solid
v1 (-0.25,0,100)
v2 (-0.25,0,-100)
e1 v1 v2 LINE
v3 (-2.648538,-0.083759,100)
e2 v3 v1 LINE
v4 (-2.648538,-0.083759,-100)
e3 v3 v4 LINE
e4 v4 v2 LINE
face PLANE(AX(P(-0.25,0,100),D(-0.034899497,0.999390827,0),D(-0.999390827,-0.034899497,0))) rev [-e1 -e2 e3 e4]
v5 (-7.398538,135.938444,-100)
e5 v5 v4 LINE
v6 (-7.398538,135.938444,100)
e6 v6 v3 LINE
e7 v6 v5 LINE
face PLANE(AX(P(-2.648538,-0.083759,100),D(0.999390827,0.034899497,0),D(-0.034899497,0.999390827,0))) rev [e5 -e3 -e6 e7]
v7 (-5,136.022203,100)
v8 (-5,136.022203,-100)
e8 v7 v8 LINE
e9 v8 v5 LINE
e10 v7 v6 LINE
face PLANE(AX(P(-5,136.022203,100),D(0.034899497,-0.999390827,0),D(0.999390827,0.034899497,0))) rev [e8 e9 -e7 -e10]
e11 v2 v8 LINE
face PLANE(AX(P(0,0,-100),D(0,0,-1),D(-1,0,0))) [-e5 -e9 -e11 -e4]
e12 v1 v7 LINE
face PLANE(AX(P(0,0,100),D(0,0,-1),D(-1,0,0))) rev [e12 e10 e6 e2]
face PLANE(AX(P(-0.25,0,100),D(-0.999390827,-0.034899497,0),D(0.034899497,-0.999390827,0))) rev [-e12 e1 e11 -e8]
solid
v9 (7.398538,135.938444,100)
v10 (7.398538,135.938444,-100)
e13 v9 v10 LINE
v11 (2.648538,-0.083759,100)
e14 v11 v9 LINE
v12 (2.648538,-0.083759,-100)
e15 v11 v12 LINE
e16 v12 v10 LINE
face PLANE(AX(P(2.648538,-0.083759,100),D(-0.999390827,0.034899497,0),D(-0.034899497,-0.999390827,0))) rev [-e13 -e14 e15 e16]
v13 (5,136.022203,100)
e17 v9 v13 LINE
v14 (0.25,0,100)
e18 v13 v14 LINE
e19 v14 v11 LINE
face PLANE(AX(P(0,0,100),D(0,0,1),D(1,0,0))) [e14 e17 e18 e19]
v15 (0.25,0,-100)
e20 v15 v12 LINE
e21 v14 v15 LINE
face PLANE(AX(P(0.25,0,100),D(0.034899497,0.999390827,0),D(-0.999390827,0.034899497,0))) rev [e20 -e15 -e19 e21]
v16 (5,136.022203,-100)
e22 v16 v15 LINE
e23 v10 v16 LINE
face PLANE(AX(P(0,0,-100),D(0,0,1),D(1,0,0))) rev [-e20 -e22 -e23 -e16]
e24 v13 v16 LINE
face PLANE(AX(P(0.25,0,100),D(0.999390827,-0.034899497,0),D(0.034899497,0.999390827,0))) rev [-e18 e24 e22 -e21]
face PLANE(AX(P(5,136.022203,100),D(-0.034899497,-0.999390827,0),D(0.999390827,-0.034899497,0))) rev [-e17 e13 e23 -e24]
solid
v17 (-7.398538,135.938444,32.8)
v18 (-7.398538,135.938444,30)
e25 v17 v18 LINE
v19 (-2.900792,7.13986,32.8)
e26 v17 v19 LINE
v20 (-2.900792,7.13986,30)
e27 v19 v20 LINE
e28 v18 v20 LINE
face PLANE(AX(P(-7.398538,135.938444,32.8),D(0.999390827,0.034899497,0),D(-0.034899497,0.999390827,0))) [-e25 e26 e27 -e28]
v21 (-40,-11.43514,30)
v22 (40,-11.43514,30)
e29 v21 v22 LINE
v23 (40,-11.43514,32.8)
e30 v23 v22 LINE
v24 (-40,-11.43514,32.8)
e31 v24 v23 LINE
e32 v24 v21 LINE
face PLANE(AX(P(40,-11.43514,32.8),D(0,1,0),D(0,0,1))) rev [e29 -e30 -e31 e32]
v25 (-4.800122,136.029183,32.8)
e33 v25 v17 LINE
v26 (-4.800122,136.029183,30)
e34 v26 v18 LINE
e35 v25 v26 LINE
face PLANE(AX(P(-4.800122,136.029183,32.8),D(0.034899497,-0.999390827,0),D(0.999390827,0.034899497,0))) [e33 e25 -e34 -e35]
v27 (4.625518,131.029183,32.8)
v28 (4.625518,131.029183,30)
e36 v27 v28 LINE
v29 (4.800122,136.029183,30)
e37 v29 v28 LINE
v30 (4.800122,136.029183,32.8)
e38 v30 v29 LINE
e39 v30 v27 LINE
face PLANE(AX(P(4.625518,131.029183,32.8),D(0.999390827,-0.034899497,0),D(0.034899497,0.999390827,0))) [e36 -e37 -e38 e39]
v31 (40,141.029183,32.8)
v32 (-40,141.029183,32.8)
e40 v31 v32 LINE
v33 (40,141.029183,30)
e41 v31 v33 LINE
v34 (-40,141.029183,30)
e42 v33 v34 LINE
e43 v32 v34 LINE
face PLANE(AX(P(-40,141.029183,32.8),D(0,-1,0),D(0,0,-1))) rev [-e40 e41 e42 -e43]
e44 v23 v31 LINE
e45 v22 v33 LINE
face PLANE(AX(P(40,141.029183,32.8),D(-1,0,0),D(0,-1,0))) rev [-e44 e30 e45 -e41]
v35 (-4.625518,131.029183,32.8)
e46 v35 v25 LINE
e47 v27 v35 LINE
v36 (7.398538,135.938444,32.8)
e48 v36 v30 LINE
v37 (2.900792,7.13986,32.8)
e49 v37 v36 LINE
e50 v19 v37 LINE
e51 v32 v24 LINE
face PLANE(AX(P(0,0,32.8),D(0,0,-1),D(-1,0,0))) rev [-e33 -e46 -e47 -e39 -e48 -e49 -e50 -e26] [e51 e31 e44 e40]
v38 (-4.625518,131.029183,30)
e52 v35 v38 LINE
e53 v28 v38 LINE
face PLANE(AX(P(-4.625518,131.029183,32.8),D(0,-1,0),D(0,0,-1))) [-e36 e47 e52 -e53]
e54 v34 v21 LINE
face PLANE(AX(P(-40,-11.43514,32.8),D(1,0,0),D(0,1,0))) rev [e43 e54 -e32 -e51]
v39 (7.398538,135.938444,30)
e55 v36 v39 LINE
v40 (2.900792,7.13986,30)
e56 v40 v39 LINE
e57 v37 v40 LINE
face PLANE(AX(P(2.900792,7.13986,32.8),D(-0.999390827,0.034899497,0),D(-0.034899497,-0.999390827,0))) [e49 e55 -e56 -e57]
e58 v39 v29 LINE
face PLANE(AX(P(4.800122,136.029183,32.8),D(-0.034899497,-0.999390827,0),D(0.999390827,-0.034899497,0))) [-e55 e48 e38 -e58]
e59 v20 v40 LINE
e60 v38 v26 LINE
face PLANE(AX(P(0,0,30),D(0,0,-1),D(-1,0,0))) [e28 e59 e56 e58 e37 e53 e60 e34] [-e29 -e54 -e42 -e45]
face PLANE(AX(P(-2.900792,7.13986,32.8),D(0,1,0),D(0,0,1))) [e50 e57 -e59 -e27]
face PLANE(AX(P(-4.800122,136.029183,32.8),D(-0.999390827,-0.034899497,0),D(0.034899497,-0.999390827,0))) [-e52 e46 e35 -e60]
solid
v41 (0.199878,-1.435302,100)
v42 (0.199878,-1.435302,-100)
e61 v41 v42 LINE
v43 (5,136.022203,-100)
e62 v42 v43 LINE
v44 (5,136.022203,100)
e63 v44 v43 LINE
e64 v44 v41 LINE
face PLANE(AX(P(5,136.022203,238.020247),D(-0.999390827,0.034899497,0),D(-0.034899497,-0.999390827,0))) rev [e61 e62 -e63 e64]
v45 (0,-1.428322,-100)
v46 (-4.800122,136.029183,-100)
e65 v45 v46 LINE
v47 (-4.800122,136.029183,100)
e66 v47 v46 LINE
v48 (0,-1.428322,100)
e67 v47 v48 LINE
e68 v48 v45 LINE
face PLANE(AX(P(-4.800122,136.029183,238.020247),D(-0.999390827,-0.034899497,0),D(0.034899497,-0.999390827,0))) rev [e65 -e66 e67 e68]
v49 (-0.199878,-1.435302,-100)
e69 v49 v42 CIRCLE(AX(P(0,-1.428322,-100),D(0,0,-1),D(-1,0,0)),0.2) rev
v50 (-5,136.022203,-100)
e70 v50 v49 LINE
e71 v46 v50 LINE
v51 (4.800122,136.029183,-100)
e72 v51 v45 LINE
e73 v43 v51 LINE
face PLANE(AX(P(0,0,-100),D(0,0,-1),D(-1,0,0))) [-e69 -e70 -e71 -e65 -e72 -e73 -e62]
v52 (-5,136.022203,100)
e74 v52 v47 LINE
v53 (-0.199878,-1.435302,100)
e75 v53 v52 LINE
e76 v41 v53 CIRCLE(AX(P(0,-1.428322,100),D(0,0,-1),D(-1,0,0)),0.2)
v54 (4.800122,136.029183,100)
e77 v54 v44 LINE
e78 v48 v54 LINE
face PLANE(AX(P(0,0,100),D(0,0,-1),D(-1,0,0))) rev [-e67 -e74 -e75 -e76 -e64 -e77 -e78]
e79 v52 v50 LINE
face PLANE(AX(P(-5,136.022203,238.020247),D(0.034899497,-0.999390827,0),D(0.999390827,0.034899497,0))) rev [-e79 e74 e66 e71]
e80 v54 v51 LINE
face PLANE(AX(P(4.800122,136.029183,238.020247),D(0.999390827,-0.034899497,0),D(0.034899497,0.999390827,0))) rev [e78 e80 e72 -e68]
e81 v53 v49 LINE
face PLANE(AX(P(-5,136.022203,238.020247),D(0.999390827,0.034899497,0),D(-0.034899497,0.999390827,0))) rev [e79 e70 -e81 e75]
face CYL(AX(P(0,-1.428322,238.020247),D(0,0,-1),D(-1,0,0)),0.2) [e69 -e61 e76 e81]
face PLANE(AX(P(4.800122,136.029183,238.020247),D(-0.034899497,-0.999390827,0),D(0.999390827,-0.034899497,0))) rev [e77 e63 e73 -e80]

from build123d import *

# Parameters (mm, degrees)
BOSS_EXTRUDE1_DEPTH             = 100
BOSS_EXTRUDE1_2_DEPTH           = 100
BOSS_EXTRUDE2_REACH             = 170.988
BOSS_EXTRUDE2_DIRECTION_2_REACH = 170.988
SKETCH5_W                       = 80
SKETCH5_H                       = 152.464323179
BOSS_EXTRUDE3_DEPTH             = 2.8


with BuildPart() as part:
    # Sketch2 → Boss-Extrude1 (new, symmetric)
    with BuildSketch(Plane.XY):
        Polygon((-0.25, 0), (-5, 136.022203094), (-7.398537985, 135.938444302), (-2.648537985, -0.083758792), align=None)
    extrude(amount=BOSS_EXTRUDE1_DEPTH, both=True)


with BuildPart() as body_2:
    # Sketch2 → Boss-Extrude1 2 (new, symmetric)
    with BuildSketch(Plane.XY):
        Polygon((0.25, 0), (5, 136.022203094), (7.398537985, 135.938444302), (2.648537985, -0.083758792), align=None)
    extrude(amount=BOSS_EXTRUDE1_2_DEPTH, both=True)


with BuildPart() as body_3:

    # Boss-Extrude2: up to this face of the body (flat: up to its plane)
    boss_extrude2_end = Plane(part.part.faces().sort_by_distance((-3.824268992, 67.969222151, 100))[0])
    # Sketch4 → Boss-Extrude2 (new, up to the picked face)
    with BuildSketch(Plane.XY, mode=Mode.PRIVATE) as boss_extrude2_sk1:
        with BuildLine():
            Line((-5, 136.022203094), (-0.199878165, -1.43530155))
            ThreePointArc((-0.199878165, -1.43530155), (0, -1.628321651), (0.199878165, -1.43530155))
            Line((0.199878165, -1.43530155), (5, 136.022203094))
            Line((5, 136.022203094), (4.800121835, 136.029182993))
            Line((4.800121835, 136.029182993), (0, -1.428321651))
            Line((0, -1.428321651), (-4.800121835, 136.029182993))
            Line((-4.800121835, 136.029182993), (-5, 136.022203094))
        make_face()
    boss_extrude2_tool1 = split(extrude(boss_extrude2_sk1.sketch, amount=BOSS_EXTRUDE2_REACH, mode=Mode.PRIVATE), bisect_by=boss_extrude2_end, keep=Keep.BOTH, mode=Mode.PRIVATE)
    add(boss_extrude2_tool1.solids().sort_by(Axis((2.462003, 67.298268, 0), (0, 0, 1)))[0])


    # Boss-Extrude2 direction 2: up to this face of the body (flat: up to its plane)
    boss_extrude2_direction_2_end = Plane(part.part.faces().sort_by_distance((-3.824268992, 67.969222151, -100))[0])
    # Sketch4 → Boss-Extrude2 direction 2 (add, up to the picked face)
    with BuildSketch(Plane.XY, mode=Mode.PRIVATE) as boss_extrude2_direction_2_sk1:
        with BuildLine():
            Line((-5, 136.022203094), (-0.199878165, -1.43530155))
            ThreePointArc((-0.199878165, -1.43530155), (0, -1.628321651), (0.199878165, -1.43530155))
            Line((0.199878165, -1.43530155), (5, 136.022203094))
            Line((5, 136.022203094), (4.800121835, 136.029182993))
            Line((4.800121835, 136.029182993), (0, -1.428321651))
            Line((0, -1.428321651), (-4.800121835, 136.029182993))
            Line((-4.800121835, 136.029182993), (-5, 136.022203094))
        make_face()
    boss_extrude2_direction_2_tool1 = split(extrude(boss_extrude2_direction_2_sk1.sketch, amount=-BOSS_EXTRUDE2_DIRECTION_2_REACH, mode=Mode.PRIVATE), bisect_by=boss_extrude2_direction_2_end, keep=Keep.BOTH, mode=Mode.PRIVATE)
    add(boss_extrude2_direction_2_tool1.solids().sort_by(Axis((2.462003, 67.298268, 0), (0, 0, -1)))[0])


with BuildPart() as body_4:
    # Sketch5 → Boss-Extrude3 (new body)
    with BuildSketch(Plane.XY.offset(30)):
        with Locations((0, 64.797021403)):
            Rectangle(SKETCH5_W, SKETCH5_H)
        Polygon((-4.800121835, 136.029182993), (-4.625517987, 131.029182993), (4.625517987, 131.029182993), (4.800121835, 136.029182993), (7.398537985, 135.938444302), (2.900792305, 7.139859814), (-2.900792305, 7.139859814), (-7.398537985, 135.938444302), align=None, mode=Mode.SUBTRACT)
    extrude(amount=BOSS_EXTRUDE3_DEPTH)


solid = Compound([part.part, body_2.part, body_3.part, body_4.part])
